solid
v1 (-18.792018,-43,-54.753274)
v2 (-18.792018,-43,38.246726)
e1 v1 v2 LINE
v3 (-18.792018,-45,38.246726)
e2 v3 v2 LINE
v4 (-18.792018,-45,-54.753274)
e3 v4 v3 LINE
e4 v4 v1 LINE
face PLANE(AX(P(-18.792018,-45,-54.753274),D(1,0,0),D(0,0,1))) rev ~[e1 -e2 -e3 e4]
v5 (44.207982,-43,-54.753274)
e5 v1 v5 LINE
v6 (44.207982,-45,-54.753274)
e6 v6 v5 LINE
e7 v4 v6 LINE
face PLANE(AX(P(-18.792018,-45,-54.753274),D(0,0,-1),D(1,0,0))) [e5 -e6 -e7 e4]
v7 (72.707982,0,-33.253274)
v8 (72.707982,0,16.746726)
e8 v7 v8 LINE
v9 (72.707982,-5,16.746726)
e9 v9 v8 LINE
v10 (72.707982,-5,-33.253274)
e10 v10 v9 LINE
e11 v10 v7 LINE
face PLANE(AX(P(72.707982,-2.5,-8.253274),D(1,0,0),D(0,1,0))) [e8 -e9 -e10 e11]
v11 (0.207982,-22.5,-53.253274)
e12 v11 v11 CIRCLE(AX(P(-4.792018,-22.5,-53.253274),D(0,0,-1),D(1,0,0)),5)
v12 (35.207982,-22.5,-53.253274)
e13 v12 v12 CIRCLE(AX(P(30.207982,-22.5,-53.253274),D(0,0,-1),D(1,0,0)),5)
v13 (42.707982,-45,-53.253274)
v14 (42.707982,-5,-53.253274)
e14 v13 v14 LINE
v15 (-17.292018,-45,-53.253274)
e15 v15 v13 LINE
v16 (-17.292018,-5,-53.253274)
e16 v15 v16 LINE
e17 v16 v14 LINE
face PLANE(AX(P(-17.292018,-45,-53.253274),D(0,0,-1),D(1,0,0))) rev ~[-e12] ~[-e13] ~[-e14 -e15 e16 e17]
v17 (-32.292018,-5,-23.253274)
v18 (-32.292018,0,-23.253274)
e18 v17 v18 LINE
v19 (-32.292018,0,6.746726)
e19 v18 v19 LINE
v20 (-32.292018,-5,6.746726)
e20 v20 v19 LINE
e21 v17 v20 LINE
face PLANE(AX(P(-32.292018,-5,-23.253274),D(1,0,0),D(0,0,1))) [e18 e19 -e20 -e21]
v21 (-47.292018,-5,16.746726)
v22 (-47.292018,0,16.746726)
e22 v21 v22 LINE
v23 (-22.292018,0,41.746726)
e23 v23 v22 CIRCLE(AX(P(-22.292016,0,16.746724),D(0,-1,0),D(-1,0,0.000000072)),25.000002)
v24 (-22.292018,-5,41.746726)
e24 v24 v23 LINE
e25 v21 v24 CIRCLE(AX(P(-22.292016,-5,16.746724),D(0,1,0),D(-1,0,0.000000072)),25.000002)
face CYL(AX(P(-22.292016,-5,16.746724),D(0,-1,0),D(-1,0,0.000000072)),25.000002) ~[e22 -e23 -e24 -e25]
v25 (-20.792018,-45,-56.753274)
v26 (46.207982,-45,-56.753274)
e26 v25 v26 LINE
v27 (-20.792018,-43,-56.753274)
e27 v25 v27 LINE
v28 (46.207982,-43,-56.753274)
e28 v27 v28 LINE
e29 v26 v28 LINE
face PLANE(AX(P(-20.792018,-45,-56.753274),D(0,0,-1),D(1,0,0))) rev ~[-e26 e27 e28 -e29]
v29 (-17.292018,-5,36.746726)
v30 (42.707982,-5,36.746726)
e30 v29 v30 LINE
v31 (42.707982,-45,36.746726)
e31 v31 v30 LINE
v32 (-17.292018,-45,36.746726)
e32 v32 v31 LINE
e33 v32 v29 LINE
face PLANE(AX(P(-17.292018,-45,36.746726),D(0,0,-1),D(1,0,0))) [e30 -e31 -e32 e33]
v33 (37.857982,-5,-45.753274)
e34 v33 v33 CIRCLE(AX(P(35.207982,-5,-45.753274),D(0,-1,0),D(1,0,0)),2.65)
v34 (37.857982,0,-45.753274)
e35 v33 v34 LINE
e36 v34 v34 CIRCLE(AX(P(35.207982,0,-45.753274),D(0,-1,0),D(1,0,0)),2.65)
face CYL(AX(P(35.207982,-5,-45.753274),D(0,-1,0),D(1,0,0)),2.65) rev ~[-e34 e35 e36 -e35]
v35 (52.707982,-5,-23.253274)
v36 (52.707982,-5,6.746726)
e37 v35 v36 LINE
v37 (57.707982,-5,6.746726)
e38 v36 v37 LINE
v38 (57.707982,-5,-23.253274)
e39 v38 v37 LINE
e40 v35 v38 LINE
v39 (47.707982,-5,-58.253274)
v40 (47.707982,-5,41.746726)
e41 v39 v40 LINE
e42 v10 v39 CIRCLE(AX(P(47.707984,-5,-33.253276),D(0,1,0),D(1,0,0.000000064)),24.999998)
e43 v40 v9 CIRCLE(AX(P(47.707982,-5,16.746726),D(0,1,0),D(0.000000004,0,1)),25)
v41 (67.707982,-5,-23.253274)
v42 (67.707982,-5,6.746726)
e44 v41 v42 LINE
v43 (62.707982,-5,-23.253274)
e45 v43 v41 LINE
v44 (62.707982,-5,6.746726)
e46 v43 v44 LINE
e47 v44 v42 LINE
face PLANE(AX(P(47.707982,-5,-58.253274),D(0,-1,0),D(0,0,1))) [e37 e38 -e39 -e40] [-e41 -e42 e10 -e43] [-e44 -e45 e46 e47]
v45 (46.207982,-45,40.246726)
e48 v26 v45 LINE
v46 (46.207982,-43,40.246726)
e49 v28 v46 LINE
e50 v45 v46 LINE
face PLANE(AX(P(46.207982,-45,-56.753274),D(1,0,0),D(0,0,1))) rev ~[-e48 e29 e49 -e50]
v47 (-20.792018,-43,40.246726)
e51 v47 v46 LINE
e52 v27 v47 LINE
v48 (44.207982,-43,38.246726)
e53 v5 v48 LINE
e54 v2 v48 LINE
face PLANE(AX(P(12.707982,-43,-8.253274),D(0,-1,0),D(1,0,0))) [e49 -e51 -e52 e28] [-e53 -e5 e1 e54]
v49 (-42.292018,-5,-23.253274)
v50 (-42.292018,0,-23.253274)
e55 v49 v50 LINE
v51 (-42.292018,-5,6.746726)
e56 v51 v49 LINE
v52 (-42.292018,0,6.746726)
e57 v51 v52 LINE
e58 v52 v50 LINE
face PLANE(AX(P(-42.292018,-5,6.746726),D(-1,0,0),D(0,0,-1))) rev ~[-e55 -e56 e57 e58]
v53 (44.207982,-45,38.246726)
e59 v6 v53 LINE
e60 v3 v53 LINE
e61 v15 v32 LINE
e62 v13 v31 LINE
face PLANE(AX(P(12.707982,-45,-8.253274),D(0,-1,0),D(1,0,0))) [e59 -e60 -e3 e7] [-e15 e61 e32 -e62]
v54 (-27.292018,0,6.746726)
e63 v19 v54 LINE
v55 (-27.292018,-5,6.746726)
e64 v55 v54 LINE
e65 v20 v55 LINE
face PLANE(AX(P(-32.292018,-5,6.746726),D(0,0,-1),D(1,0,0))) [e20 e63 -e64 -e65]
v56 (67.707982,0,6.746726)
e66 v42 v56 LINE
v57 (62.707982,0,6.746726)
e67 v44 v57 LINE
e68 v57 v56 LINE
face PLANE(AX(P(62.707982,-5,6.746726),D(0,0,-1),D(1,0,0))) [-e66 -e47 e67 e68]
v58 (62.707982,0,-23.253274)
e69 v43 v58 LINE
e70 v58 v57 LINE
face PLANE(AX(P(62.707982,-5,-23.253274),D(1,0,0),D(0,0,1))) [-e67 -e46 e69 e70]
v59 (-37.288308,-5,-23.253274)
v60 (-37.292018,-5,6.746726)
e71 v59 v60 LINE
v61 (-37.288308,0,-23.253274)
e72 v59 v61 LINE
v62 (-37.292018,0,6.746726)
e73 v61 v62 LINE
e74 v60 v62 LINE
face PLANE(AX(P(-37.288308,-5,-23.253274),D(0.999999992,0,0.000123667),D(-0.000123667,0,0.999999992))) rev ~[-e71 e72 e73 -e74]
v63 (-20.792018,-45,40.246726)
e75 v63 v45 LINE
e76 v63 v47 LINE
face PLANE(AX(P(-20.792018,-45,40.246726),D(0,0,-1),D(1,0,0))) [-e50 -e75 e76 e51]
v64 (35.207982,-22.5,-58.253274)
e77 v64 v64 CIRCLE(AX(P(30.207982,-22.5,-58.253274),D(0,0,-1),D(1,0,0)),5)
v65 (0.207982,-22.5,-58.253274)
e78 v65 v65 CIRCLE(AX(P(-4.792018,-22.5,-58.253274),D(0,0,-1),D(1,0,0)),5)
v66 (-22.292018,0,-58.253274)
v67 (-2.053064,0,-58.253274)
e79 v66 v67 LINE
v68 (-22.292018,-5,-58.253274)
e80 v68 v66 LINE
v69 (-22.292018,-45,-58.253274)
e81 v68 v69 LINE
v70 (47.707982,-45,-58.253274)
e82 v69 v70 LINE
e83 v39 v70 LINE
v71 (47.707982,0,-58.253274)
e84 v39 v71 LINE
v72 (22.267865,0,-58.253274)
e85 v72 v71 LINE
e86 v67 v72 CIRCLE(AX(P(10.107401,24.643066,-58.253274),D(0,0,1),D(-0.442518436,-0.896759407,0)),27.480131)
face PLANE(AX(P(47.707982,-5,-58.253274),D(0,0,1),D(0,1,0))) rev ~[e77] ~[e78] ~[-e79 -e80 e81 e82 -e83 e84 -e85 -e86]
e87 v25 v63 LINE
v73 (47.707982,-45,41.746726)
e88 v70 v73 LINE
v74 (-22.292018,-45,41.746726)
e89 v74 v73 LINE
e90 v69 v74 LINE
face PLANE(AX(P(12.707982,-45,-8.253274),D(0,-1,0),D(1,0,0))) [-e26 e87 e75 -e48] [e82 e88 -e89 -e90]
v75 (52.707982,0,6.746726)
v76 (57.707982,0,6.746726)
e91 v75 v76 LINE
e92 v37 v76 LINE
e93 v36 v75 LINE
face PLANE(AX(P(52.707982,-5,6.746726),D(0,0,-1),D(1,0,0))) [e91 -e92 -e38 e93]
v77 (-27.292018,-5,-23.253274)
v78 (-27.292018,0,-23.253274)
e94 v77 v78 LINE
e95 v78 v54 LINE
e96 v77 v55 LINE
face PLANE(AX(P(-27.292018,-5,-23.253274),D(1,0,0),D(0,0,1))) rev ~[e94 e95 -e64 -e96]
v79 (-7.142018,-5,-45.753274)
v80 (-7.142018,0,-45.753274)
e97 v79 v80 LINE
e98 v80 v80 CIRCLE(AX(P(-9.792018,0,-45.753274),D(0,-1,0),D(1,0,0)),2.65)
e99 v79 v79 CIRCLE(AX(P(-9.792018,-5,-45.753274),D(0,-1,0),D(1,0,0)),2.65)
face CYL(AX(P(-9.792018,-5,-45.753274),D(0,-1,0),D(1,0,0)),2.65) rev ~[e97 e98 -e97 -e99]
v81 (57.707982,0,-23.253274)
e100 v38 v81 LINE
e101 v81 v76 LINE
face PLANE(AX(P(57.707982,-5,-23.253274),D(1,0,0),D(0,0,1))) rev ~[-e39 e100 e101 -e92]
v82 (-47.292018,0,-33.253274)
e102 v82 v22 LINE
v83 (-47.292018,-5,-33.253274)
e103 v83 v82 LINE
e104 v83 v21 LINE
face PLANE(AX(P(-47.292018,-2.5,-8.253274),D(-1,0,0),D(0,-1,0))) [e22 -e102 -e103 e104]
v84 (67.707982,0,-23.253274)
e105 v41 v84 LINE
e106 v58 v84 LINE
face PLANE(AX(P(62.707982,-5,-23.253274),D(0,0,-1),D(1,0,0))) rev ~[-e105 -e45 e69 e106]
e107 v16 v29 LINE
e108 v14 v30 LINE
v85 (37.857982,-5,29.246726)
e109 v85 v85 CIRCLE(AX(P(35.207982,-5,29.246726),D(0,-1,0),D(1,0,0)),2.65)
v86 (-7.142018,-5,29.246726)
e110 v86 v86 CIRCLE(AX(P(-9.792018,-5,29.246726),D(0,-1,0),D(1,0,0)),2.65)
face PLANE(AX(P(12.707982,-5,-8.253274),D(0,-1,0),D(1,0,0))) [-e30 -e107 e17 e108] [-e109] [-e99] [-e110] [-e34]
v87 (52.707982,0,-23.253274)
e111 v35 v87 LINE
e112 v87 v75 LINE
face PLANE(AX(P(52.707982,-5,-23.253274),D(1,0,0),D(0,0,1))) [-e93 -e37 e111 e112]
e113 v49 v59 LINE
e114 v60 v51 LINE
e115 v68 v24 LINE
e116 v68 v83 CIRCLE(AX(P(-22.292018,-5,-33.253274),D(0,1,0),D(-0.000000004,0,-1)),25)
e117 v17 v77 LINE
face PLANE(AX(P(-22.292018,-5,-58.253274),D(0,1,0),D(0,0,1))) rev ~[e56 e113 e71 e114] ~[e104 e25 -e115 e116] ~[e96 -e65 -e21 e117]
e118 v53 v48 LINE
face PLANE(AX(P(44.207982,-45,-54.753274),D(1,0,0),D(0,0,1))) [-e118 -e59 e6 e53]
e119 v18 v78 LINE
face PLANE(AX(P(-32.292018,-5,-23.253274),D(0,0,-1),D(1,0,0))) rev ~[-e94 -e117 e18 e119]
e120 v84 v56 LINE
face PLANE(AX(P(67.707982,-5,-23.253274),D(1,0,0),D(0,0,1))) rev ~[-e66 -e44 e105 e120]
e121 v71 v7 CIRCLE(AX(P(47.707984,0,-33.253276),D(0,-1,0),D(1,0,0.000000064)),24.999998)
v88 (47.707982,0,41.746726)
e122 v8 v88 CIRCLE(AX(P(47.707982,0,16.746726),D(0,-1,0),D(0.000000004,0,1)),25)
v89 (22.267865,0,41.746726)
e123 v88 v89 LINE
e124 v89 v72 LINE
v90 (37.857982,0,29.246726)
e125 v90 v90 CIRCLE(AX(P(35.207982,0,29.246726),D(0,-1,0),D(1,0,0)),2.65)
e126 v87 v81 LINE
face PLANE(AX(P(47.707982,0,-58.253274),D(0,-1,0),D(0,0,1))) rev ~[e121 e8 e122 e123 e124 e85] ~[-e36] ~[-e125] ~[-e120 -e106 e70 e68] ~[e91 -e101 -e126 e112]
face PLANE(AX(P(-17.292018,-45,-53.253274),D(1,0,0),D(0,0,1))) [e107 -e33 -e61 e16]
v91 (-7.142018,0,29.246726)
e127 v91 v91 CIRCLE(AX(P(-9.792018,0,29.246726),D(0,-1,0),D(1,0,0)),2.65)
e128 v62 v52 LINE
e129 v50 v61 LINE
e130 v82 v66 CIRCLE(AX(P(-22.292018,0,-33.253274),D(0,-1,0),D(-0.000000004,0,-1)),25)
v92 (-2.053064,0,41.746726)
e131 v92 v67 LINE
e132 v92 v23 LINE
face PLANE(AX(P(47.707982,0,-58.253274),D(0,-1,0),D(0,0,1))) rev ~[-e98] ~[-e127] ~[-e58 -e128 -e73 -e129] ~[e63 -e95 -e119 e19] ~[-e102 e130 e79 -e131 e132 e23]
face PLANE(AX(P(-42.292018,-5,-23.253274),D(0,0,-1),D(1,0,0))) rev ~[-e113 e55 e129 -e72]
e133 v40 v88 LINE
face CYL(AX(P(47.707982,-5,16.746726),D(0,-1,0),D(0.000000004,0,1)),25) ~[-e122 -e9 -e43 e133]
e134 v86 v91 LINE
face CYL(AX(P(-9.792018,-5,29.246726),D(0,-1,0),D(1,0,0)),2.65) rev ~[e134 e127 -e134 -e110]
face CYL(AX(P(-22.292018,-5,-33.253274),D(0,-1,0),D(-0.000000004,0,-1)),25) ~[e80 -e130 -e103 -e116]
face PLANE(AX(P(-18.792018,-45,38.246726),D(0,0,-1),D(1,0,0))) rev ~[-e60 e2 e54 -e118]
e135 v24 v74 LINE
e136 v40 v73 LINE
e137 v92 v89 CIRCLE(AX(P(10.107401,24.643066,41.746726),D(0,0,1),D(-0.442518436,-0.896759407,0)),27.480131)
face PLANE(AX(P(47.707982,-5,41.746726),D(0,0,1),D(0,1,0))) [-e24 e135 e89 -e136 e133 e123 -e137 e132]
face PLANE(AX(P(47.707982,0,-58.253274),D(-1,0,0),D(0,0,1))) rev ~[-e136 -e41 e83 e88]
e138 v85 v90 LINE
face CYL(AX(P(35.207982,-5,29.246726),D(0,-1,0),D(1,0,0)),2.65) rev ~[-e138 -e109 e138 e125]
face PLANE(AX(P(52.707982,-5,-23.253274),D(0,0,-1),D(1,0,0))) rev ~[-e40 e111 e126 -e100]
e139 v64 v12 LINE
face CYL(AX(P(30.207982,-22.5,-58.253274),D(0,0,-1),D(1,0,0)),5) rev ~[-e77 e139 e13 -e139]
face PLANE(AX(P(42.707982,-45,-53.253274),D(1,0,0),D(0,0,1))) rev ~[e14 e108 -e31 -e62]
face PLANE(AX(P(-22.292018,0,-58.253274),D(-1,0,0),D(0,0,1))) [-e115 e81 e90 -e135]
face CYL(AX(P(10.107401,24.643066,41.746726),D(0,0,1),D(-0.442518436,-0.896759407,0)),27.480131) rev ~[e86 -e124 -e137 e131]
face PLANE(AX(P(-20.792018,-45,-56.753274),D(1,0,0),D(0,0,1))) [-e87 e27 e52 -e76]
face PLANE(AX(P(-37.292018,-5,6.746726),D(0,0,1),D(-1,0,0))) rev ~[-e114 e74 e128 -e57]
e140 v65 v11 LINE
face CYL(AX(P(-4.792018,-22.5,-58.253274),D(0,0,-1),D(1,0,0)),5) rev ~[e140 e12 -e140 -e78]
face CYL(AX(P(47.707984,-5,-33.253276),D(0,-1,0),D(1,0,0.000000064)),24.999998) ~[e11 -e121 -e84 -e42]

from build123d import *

# Parameters (mm, degrees)
F0_W      = 70
F0_H      = 100
F1_DEPTH  = 45
F2_W      = 60
F2_H      = 90
F3_DEPTH  = 40
F4_R      = 2.65
F5_DEPTH  = 5
F6_DEPTH  = 25
F7_DEPTH  = 25
F8_DEPTH  = 25
F9_W      = 5
F9_H      = 100
F10_DEPTH = 25
F11_W     = 5
F11_H     = 100
F12_DEPTH = 25
F14_DEPTH = 25
F15_DEPTH = 25
F17_DEPTH = 25
F18_W     = 67
F18_H     = 97
F18_W_2   = 63
F18_H_2   = 93
F19_DEPTH = 2
F13_W     = 5
F13_H     = 30
F20_DEPTH = 25
F16_W     = 5
F16_H     = 30
F21_DEPTH = 25
F22_R     = 5
F23_DEPTH = 25
F25_DEPTH = 100


with BuildPart() as f1:
    # F0 (on Front) → F1 (new body)
    with BuildSketch(Plane.XZ):
        with Locations((12.707982, -8.253274)):
            Rectangle(F0_W, F0_H)
    extrude(amount=F1_DEPTH)

    # F2 (on face) → F3 (cut)
    with BuildSketch(Plane.XZ.offset(45)):
        with Locations((12.707982, -8.253274)):
            Rectangle(F2_W, F2_H)
    extrude(amount=-F3_DEPTH, mode=Mode.SUBTRACT)

    # F4 (on face) → F5 (cut)
    with BuildSketch(Plane.XZ.offset(5)):
        with Locations((-9.792018, 29.246726)):
            Circle(F4_R)
    extrude(amount=-F5_DEPTH, mode=Mode.SUBTRACT)

    # F4 (on face) → F6 (cut)
    with BuildSketch(Plane.XZ.offset(5)):
        with Locations((35.207982, 29.246726)):
            Circle(F4_R)
    extrude(amount=-F6_DEPTH, mode=Mode.SUBTRACT)

    # F4 (on face) → F7 (cut)
    with BuildSketch(Plane.XZ.offset(5)):
        with Locations((35.207982, -45.753274)):
            Circle(F4_R)
    extrude(amount=-F7_DEPTH, mode=Mode.SUBTRACT)

    # F4 (on face) → F8 (cut)
    with BuildSketch(Plane.XZ.offset(5)):
        with Locations((-9.792018, -45.753274)):
            Circle(F4_R)
    extrude(amount=-F8_DEPTH, mode=Mode.SUBTRACT)

    # F9 (on face) → F10 (join)
    with BuildSketch(Plane(origin=(-22.292018, 0, 0), x_dir=(0, -1, 0), z_dir=(-1, 0, 0))):
        with Locations((2.5, -8.253274)):
            Rectangle(F9_W, F9_H)
    extrude(amount=F10_DEPTH)

    # F11 (on face) → F12 (join)
    with BuildSketch(Plane.YZ.offset(47.707982)):
        with Locations((-2.5, -8.253274)):
            Rectangle(F11_W, F11_H)
    extrude(amount=F12_DEPTH)

    # F13 (on face) → F14 (cut)
    with BuildSketch(Plane.XZ.offset(5)):
        with BuildLine():
            ThreePointArc((-47.292018, 16.746726), (-39.969687, 34.424395), (-22.292018, 41.746726))
            Line((-22.292018, 41.746726), (-47.292018, 41.746726))
            Line((-47.292018, 41.746726), (-47.292018, 16.746726))
        make_face()
    extrude(amount=-F14_DEPTH, mode=Mode.SUBTRACT)

    # F13 (on face) → F15 (cut)
    with BuildSketch(Plane.XZ.offset(5)):
        with BuildLine():
            Line((-47.292018, -58.253274), (-22.292018, -58.253274))
            ThreePointArc((-22.292018, -58.253274), (-39.969687, -50.930944), (-47.292018, -33.253274))
            Line((-47.292018, -33.253274), (-47.292018, -58.253274))
        make_face()
    extrude(amount=-F15_DEPTH, mode=Mode.SUBTRACT)

    # F16 (on face) → F17 (cut)
    with BuildSketch(Plane.XZ.offset(5)):
        with BuildLine():
            Line((72.707982, 41.746726), (47.707982, 41.746726))
            ThreePointArc((47.707982, 41.746726), (65.385652, 34.424395), (72.707982, 16.746726))
            Line((72.707982, 16.746726), (72.707982, 41.746726))
        make_face()
        with BuildLine():
            ThreePointArc((72.707982, -33.253274), (65.385652, -50.930944), (47.707982, -58.253274))
            Line((47.707982, -58.253274), (72.707982, -58.253274))
            Line((72.707982, -58.253274), (72.707982, -33.253274))
        make_face()
    extrude(amount=-F17_DEPTH, mode=Mode.SUBTRACT)

    # F18 (on face) → F19 (cut)
    with BuildSketch(Plane.XZ.offset(45)):
        with Locations((12.707982, -8.253274)):
            Rectangle(F18_W, F18_H)
        with Locations((12.707982, -8.253274)):
            Rectangle(F18_W_2, F18_H_2, mode=Mode.SUBTRACT)
    extrude(amount=-F19_DEPTH, mode=Mode.SUBTRACT)

    # F13 (on face) → F20 (cut)
    with BuildSketch(Plane.XZ.offset(5)):
        Polygon((-37.292018, 6.746726), (-42.292018, 6.746726), (-42.292018, -23.253274), (-37.288308, -23.253274), align=None)
        with Locations((-29.792018, -8.253274)):
            Rectangle(F13_W, F13_H)
    extrude(amount=-F20_DEPTH, mode=Mode.SUBTRACT)

    # F16 (on face) → F21 (cut)
    with BuildSketch(Plane.XZ.offset(5)):
        with Locations((55.207982, -8.253274)):
            Rectangle(F16_W, F16_H)
        with Locations((65.207982, -8.253274)):
            Rectangle(F16_W, F16_H)
    extrude(amount=-F21_DEPTH, mode=Mode.SUBTRACT)

    # F22 (on face) → F23 (cut)
    with BuildSketch(Plane(origin=(0, 0, -58.253274), x_dir=(1, 0, 0), z_dir=(0, 0, -1))):
        with Locations((30.207982, 22.5)):
            Circle(F22_R)
        with Locations((-4.792018, 22.5)):
            Circle(F22_R)
    extrude(amount=-F23_DEPTH, mode=Mode.SUBTRACT)

    # F24 (on face) → F25 (cut)
    with BuildSketch(Plane.XY.offset(41.746726)):
        with BuildLine():
            Line((22.267865, 0), (-2.053064, 0))
            ThreePointArc((-2.053064, 0), (10.1074, -2.837065), (22.267865, 0))
        make_face()
    extrude(amount=-F25_DEPTH, mode=Mode.SUBTRACT)


solid = f1.part
